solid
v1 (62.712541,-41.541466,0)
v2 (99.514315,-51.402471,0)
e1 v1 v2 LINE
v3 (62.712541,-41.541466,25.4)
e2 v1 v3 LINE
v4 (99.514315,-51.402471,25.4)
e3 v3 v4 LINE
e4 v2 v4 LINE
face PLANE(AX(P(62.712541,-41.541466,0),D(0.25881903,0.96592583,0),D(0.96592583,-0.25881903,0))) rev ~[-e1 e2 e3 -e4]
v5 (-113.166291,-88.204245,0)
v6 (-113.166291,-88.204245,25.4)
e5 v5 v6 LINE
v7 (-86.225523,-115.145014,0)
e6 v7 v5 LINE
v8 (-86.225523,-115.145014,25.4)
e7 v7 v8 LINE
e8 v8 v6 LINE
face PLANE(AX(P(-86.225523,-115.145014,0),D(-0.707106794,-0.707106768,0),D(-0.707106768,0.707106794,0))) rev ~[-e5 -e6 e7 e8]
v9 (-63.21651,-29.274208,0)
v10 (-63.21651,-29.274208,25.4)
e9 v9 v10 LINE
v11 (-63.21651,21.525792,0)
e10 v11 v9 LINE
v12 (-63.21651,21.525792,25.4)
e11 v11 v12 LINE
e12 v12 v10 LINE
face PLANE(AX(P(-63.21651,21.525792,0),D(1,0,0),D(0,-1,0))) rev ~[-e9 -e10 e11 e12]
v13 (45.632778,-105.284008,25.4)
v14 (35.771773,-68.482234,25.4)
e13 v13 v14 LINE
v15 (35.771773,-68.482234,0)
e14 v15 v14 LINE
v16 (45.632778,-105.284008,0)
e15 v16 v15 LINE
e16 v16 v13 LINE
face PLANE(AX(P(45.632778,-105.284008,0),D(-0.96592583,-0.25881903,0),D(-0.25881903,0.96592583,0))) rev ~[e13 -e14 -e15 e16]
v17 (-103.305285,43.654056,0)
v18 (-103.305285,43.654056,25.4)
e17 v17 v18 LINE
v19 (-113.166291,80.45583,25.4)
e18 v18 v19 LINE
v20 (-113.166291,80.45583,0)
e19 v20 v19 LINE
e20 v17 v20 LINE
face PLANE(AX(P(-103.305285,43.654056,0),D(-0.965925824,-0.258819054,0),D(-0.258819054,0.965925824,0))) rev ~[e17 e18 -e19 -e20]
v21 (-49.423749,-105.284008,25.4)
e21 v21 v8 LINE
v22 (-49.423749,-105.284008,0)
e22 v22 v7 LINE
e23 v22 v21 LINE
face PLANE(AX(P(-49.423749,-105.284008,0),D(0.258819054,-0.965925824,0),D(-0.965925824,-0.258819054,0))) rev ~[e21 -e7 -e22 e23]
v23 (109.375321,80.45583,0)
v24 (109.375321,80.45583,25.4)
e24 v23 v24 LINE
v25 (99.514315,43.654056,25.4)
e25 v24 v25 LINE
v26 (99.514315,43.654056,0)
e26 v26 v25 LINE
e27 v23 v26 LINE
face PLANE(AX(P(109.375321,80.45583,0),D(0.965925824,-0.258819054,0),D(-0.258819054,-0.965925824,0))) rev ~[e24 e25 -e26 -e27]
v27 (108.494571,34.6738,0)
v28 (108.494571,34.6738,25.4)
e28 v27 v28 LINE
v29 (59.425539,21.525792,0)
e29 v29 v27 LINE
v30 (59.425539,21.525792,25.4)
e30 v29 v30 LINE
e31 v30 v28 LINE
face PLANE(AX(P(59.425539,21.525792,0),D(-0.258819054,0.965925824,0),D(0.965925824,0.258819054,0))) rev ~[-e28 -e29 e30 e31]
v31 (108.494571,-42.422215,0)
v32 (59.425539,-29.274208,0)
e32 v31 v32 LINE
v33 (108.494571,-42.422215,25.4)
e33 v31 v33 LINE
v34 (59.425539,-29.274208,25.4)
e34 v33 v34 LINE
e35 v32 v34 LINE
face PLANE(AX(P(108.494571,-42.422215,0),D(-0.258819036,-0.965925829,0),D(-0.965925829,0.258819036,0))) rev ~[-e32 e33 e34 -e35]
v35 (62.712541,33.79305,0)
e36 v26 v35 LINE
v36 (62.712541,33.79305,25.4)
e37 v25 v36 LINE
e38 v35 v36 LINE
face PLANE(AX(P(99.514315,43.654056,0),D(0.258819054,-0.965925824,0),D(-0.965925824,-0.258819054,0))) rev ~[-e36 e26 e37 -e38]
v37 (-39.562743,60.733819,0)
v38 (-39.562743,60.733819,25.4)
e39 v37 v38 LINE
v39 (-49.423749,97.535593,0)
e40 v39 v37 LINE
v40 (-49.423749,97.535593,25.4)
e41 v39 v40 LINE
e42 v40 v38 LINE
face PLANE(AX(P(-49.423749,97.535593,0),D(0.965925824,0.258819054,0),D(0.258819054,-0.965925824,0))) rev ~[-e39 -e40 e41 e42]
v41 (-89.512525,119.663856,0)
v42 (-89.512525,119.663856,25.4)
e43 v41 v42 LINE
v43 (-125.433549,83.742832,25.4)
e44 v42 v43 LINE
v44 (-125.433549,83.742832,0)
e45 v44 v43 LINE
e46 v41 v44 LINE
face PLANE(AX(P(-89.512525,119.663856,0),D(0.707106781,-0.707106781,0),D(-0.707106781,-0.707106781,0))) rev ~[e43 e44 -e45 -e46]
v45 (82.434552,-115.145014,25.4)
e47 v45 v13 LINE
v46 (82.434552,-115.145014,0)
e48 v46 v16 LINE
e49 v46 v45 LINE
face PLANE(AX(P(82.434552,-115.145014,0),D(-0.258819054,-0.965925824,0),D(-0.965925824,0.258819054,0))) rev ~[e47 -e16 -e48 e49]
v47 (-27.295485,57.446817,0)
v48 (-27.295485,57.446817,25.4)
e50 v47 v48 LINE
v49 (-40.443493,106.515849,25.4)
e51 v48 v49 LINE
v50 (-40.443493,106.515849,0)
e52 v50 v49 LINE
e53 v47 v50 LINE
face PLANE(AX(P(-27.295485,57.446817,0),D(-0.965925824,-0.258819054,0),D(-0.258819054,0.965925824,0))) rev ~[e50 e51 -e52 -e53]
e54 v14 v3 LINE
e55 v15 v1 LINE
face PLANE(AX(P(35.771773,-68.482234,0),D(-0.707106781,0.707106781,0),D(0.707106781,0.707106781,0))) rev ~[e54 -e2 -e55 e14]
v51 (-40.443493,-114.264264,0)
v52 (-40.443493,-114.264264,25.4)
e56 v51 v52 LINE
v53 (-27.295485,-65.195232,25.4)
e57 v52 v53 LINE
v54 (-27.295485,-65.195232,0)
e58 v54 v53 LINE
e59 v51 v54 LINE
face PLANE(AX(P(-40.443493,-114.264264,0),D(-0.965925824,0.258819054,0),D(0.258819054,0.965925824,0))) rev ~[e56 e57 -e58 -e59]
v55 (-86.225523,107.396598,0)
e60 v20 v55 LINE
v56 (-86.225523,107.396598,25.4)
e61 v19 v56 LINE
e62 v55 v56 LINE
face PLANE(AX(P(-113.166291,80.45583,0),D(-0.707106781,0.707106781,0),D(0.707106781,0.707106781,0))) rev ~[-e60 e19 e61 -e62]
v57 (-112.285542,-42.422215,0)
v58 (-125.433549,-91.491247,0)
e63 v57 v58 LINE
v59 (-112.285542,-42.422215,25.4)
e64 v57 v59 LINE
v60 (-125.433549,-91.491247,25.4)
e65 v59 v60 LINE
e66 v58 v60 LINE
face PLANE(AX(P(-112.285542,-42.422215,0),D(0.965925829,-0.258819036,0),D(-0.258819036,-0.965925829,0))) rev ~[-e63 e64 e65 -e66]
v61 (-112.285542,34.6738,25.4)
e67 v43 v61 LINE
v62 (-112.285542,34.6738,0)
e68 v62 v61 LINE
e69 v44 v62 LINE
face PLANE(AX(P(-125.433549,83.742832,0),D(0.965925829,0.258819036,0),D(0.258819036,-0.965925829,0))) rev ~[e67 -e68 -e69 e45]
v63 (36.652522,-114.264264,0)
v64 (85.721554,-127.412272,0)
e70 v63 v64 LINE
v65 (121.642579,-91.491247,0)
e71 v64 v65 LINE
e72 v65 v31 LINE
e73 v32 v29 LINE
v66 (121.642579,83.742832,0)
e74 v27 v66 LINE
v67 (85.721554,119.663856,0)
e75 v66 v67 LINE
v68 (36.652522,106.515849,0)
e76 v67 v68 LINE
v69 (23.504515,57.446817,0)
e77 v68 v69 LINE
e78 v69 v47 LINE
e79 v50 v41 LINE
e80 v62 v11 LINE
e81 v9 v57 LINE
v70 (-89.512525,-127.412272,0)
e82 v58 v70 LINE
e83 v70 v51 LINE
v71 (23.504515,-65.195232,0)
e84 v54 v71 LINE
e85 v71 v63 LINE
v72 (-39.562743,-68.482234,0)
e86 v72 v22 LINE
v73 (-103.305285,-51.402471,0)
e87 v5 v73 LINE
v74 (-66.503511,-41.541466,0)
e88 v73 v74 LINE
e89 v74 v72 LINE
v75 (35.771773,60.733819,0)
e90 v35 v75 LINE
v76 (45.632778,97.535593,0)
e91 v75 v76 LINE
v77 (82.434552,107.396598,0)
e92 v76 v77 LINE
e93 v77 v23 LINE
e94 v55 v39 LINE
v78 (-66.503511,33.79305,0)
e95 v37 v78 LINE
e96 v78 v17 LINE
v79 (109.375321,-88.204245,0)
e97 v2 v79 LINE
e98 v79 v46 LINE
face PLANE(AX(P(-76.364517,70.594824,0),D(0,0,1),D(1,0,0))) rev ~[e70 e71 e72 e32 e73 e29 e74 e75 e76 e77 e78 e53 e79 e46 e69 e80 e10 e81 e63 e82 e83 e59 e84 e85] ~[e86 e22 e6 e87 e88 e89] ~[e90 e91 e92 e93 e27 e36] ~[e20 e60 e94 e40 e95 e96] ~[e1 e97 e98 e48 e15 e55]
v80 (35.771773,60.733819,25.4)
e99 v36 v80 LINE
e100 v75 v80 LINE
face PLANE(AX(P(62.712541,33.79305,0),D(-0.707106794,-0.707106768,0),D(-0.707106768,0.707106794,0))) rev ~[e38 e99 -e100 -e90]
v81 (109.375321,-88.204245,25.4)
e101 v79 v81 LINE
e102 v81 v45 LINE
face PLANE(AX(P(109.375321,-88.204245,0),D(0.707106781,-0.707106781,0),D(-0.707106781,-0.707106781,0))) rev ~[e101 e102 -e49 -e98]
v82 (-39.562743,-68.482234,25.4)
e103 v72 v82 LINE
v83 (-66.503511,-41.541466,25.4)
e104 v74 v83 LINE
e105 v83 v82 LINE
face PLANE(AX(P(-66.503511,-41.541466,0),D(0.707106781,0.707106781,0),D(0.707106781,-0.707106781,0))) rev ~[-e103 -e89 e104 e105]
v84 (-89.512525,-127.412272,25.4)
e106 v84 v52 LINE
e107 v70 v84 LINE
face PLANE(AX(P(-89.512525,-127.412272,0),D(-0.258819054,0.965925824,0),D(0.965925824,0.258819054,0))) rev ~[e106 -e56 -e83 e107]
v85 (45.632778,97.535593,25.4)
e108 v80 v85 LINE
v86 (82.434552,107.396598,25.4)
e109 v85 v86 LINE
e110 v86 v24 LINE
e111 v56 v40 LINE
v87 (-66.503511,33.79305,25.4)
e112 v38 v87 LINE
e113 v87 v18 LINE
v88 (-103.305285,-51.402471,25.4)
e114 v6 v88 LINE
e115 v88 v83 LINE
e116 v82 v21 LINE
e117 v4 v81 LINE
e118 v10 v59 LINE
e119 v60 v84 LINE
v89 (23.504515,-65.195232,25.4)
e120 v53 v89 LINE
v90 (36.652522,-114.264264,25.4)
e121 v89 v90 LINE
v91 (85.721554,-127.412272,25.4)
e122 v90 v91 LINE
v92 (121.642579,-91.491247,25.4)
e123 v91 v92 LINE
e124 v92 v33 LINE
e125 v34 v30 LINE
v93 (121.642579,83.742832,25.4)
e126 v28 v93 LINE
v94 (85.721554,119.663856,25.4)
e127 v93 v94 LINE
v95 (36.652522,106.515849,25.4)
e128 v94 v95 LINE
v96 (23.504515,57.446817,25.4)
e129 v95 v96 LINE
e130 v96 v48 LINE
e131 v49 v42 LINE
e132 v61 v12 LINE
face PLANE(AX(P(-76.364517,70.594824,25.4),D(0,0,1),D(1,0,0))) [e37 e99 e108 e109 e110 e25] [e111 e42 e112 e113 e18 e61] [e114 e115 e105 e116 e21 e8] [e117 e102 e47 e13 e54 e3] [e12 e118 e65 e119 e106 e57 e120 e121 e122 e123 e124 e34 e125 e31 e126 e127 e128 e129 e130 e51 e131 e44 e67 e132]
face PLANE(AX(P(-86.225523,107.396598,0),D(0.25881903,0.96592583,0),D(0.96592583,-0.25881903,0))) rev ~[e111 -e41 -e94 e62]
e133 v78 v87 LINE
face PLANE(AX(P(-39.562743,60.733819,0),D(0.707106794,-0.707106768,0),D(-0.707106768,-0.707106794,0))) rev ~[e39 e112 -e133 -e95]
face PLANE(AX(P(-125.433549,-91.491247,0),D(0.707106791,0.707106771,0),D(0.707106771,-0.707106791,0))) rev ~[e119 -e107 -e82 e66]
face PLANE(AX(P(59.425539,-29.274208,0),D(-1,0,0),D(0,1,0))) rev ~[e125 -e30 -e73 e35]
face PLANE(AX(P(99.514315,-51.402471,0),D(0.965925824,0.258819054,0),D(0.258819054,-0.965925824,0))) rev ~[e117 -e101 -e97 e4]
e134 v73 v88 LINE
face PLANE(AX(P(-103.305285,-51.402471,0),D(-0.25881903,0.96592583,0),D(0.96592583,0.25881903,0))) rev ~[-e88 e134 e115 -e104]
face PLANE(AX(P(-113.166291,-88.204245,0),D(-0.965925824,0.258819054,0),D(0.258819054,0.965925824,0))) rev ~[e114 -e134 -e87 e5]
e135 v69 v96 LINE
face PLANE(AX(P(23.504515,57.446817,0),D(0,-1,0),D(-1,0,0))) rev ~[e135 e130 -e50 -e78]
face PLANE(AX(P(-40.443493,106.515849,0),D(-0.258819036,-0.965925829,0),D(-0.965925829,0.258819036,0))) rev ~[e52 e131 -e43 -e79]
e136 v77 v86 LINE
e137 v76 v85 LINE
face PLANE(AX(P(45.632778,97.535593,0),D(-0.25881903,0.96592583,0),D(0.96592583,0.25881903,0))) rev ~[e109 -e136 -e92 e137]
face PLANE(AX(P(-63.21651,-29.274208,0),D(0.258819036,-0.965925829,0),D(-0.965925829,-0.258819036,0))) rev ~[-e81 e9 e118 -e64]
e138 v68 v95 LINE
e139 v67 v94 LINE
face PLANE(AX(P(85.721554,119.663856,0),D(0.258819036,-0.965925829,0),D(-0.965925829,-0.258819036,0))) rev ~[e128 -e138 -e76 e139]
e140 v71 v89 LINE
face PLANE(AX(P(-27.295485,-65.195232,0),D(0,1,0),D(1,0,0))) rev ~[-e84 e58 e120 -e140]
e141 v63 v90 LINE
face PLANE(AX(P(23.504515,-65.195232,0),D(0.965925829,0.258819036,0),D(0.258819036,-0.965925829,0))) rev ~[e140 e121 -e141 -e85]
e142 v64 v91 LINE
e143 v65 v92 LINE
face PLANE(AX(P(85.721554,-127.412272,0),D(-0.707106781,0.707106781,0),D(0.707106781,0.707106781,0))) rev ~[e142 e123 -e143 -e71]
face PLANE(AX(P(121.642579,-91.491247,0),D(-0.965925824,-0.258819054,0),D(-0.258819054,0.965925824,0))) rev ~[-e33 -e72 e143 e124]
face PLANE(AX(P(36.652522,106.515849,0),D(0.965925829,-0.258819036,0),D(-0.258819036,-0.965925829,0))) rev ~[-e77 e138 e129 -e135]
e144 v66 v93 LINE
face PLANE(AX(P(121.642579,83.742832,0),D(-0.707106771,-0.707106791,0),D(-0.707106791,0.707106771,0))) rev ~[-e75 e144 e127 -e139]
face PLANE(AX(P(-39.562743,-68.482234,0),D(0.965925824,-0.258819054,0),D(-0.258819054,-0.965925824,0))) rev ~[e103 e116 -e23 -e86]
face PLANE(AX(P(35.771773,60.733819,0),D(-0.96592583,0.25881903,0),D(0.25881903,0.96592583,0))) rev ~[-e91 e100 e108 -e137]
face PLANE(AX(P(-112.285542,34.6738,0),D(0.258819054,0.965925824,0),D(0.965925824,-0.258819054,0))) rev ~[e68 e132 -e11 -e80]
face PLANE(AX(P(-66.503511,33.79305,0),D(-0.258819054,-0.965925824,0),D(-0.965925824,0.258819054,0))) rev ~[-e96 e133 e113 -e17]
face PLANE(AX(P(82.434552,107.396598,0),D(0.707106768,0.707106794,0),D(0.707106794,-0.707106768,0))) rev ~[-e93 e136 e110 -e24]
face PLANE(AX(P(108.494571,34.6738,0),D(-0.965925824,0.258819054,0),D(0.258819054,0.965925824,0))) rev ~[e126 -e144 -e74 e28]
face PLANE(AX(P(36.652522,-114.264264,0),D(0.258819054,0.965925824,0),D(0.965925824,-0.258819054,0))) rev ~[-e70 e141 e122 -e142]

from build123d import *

# Parameters (mm, degrees)
F1_DEPTH = 25.4


with BuildPart() as f1:
    # F0 (on Top) → F1 (new body)
    with BuildSketch(Plane.XY):
        Polygon((-63.21651, 21.525792), (-27.295485, 57.446817), (-40.443493, 106.515849), (-89.512525, 119.663856), (-125.433549, 83.742832), (-112.285542, 34.6738), align=None)
        Polygon((-86.225523, 107.396598), (-49.423749, 97.535593), (-39.562743, 60.733819), (-66.503511, 33.79305), (-103.305285, 43.654056), (-113.166291, 80.45583), align=None, mode=Mode.SUBTRACT)
        Polygon((59.425539, -29.274208), (59.425539, 21.525792), (23.504515, 57.446817), (-27.295485, 57.446817), (-63.21651, 21.525792), (-63.21651, -29.274208), (-27.295485, -65.195232), (23.504515, -65.195232), align=None)
        Polygon((-40.443493, -114.264264), (-27.295485, -65.195232), (-63.21651, -29.274208), (-112.285542, -42.422215), (-125.433549, -91.491247), (-89.512525, -127.412272), align=None)
        Polygon((-113.166291, -88.204245), (-103.305285, -51.402471), (-66.503511, -41.541466), (-39.562743, -68.482234), (-49.423749, -105.284008), (-86.225523, -115.145014), align=None, mode=Mode.SUBTRACT)
        Polygon((108.494571, -42.422215), (59.425539, -29.274208), (23.504515, -65.195232), (36.652522, -114.264264), (85.721554, -127.412272), (121.642579, -91.491247), align=None)
        Polygon((35.771773, -68.482234), (62.712541, -41.541466), (99.514315, -51.402471), (109.375321, -88.204245), (82.434552, -115.145014), (45.632778, -105.284008), align=None, mode=Mode.SUBTRACT)
        Polygon((23.504515, 57.446817), (59.425539, 21.525792), (108.494571, 34.6738), (121.642579, 83.742832), (85.721554, 119.663856), (36.652522, 106.515849), align=None)
        Polygon((45.632778, 97.535593), (82.434552, 107.396598), (109.375321, 80.45583), (99.514315, 43.654056), (62.712541, 33.79305), (35.771773, 60.733819), align=None, mode=Mode.SUBTRACT)
    extrude(amount=F1_DEPTH)


solid = f1.part
